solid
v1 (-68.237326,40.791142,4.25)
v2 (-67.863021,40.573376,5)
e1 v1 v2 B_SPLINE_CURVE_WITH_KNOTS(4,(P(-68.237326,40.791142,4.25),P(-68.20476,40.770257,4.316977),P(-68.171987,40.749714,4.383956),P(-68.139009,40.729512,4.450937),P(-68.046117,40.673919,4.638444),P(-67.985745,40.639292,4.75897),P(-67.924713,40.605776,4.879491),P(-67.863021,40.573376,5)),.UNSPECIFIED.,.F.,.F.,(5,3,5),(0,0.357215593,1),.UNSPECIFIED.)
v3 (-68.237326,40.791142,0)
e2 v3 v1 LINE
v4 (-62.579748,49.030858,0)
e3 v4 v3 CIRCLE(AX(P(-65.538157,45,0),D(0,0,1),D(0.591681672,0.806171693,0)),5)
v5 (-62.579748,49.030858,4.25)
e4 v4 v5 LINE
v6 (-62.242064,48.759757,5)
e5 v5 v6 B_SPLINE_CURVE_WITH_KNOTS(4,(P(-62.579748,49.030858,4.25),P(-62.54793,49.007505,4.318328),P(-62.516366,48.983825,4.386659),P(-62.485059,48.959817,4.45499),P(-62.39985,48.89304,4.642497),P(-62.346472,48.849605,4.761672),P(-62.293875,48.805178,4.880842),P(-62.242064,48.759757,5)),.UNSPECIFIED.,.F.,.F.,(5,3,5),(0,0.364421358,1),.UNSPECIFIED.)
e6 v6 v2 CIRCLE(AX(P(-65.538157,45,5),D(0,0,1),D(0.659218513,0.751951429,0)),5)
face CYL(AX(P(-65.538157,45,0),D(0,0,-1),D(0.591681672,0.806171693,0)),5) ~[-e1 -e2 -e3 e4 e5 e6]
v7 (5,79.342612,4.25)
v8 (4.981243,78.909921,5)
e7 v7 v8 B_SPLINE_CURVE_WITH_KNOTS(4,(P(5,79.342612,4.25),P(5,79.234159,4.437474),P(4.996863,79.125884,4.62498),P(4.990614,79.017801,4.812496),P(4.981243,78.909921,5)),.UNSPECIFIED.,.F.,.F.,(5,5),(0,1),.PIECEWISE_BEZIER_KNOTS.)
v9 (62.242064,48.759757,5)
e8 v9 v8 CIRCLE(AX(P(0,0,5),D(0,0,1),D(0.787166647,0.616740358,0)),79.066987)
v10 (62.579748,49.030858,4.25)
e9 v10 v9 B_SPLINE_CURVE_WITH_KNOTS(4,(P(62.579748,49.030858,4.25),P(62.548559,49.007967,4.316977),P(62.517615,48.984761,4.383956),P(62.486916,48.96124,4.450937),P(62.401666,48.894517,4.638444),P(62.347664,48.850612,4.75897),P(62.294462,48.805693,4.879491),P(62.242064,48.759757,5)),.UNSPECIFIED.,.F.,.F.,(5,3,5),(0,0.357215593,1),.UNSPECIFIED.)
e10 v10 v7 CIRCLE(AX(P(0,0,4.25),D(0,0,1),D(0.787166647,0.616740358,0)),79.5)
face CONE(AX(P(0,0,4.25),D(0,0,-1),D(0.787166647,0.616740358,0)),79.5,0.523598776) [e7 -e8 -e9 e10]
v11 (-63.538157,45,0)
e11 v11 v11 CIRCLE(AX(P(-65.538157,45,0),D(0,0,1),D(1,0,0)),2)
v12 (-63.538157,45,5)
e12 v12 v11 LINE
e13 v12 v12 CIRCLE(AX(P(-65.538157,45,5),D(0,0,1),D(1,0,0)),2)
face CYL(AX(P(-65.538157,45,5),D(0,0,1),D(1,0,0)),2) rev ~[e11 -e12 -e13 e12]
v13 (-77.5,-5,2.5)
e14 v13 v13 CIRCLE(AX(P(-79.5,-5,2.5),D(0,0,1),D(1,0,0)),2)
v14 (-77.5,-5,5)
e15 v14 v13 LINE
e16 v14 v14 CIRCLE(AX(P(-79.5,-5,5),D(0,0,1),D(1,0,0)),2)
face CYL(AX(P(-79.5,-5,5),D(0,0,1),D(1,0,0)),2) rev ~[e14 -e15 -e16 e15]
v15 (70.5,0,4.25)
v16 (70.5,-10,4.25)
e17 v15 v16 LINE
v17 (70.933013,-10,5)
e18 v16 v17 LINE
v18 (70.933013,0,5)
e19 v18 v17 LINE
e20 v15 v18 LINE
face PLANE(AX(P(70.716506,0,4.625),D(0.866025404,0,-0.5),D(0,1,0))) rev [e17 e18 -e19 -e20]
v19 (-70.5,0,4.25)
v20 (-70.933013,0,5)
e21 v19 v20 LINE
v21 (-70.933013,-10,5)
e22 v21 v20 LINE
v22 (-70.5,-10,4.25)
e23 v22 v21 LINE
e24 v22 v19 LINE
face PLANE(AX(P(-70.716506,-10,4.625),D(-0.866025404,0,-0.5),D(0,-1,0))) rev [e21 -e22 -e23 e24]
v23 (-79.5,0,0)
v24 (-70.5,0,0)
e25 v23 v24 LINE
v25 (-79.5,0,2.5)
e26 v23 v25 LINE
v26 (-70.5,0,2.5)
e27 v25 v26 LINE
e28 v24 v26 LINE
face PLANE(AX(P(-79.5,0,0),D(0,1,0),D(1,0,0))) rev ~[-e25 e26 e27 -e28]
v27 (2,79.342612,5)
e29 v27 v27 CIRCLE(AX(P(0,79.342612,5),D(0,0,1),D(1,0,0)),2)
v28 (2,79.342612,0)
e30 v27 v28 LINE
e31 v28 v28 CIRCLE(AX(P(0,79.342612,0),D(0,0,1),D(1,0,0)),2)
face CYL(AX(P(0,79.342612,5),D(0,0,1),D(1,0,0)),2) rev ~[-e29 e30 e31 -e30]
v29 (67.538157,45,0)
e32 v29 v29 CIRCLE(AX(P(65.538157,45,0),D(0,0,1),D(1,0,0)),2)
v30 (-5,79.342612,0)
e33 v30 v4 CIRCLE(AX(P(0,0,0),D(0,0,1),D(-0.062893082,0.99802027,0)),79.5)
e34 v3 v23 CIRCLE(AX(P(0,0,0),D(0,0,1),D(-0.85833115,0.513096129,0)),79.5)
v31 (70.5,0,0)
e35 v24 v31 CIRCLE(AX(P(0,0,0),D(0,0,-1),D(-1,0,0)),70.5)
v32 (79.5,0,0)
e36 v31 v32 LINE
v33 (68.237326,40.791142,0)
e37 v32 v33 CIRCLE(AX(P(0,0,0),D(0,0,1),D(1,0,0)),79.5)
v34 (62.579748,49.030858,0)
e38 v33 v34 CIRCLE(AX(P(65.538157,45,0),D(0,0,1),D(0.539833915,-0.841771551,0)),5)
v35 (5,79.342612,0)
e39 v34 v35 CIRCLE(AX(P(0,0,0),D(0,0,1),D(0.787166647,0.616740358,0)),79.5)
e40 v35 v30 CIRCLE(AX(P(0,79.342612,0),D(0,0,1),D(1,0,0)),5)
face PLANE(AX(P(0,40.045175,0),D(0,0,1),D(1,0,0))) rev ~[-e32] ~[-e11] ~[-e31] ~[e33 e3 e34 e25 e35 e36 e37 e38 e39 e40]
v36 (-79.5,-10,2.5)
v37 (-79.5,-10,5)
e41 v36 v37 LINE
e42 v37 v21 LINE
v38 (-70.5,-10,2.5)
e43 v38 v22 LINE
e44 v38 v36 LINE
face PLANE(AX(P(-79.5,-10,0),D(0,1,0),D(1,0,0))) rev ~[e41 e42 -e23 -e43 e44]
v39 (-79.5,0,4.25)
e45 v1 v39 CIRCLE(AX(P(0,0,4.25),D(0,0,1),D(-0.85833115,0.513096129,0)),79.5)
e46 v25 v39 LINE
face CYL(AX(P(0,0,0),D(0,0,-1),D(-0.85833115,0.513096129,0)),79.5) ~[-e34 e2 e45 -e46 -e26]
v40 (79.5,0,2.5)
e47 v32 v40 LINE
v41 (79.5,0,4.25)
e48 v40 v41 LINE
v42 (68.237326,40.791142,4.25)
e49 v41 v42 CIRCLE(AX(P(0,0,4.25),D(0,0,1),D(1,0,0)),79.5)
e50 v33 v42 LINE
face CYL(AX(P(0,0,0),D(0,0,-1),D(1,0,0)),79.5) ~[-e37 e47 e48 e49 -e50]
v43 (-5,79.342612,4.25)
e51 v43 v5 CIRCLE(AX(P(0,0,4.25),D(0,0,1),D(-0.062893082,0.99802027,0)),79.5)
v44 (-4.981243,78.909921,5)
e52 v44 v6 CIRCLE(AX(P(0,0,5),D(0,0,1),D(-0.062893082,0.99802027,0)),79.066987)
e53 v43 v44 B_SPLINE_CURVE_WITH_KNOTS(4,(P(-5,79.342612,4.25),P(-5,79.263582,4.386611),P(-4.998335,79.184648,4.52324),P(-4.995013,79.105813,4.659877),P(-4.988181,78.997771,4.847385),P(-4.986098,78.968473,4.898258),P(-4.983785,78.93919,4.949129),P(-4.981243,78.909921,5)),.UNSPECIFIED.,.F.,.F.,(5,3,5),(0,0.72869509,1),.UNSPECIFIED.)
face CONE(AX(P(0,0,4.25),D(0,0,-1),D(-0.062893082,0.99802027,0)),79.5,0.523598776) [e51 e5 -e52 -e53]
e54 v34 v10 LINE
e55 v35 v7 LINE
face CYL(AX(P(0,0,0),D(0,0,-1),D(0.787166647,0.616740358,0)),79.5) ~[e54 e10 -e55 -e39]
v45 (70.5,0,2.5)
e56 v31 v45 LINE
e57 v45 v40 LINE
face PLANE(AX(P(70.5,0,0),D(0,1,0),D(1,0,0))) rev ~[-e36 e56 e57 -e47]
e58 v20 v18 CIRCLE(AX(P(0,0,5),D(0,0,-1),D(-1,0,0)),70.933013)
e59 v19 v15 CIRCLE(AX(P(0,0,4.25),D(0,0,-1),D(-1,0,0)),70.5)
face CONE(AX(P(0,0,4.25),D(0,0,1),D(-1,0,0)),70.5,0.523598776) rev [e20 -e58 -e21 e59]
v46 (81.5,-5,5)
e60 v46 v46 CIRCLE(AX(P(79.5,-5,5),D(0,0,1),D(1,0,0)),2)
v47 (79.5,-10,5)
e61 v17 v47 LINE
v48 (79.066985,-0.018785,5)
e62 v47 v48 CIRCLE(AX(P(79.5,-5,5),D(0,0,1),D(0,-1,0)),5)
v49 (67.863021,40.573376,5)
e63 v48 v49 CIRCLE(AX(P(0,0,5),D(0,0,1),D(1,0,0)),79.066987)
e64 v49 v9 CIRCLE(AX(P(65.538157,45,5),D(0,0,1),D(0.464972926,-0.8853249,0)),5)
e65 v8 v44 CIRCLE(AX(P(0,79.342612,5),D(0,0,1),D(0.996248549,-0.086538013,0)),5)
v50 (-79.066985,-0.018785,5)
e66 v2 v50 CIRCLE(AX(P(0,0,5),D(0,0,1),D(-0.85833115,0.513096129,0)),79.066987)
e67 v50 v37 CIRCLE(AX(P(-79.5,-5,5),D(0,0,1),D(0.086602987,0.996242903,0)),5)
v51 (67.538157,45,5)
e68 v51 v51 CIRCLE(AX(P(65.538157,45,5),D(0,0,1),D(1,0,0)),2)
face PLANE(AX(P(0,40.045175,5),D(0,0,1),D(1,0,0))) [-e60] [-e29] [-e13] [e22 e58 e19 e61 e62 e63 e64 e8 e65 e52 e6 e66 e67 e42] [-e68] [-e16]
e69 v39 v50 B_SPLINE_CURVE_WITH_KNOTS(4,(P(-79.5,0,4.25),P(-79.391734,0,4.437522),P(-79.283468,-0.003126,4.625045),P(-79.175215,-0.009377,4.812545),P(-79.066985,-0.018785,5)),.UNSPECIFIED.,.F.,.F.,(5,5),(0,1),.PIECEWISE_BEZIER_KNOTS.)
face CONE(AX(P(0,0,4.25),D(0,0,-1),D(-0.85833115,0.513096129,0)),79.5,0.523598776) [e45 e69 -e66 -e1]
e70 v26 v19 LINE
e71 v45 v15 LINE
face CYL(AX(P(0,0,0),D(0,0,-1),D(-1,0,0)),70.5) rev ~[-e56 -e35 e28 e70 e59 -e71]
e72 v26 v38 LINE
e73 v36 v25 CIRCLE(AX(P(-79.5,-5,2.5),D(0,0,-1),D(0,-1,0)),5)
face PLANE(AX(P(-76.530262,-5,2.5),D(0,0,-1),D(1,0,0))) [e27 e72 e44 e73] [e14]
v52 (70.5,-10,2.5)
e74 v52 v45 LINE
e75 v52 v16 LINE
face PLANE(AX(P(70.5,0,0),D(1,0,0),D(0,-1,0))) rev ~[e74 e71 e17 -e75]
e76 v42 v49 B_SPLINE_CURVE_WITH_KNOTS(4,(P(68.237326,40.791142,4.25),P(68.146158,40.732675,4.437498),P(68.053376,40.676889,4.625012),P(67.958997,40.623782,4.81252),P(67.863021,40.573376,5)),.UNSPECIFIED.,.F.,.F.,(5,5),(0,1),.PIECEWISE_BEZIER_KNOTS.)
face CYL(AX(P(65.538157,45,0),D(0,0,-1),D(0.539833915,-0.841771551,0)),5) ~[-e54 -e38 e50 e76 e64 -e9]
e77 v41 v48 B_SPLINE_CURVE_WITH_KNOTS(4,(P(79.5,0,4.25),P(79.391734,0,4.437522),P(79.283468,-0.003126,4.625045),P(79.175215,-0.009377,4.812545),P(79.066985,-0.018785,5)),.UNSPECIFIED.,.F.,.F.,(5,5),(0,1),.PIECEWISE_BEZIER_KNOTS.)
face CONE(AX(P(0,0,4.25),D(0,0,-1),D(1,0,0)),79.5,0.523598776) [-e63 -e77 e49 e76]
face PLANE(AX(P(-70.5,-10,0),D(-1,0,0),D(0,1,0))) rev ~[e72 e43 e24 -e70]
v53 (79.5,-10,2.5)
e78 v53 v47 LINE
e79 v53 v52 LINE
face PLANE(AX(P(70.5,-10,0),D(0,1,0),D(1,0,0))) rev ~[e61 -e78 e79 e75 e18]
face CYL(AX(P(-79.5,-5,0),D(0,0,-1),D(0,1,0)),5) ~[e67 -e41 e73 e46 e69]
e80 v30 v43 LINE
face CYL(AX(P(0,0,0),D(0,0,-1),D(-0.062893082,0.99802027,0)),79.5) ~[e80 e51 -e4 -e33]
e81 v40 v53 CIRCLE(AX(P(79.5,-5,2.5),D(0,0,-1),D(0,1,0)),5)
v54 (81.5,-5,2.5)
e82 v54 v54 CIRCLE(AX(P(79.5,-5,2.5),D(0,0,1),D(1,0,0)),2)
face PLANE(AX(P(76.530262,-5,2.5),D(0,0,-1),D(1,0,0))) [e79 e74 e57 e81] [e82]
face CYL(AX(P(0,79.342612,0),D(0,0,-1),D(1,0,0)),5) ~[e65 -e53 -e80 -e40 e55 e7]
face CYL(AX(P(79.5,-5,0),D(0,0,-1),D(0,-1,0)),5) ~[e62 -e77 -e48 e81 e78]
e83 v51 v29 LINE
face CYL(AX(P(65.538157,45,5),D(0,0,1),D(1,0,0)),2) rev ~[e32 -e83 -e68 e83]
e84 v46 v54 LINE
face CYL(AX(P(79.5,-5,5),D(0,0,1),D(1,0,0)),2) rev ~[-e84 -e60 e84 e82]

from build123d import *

# Parameters (mm, degrees)
F1_DEPTH   = 5
F2_R       = 2
F3_DEPTH   = 25
F4_SIZE2   = 0.4330127019
F4_SIZE    = 0.75
F4_2_SIZE2 = 0.4330127019
F4_2_SIZE  = 0.75
F4_3_SIZE2 = 0.4330127019
F4_3_SIZE  = 0.75
F4_4_SIZE2 = 0.4330127019
F4_4_SIZE  = 0.75
F4_5_SIZE2 = 0.4330127019
F4_5_SIZE  = 0.75
F6_DEPTH   = 2.5


with BuildPart() as f1:
    # F0 (on Top) → F1 (new body)
    with BuildSketch(Plane.XY):
        with BuildLine():
            Line((79.5, -10), (79.5, 0))
            ThreePointArc((79.5, 0), (76.6326218032, 21.1587163024), (68.2373264008, 40.7911422452))
            ThreePointArc((68.2373264008, 40.7911422452), (65.5381568249, 45), (62.5797484655, 49.0308584668))
            ThreePointArc((62.5797484655, 49.0308584668), (37.0331769321, 70.3476638298), (5, 79.3426115023))
            ThreePointArc((5, 79.3426115023), (0, 79.5), (-5, 79.3426115023))
            ThreePointArc((-5, 79.3426115023), (-37.0331769321, 70.3476638298), (-62.5797484655, 49.0308584668))
            ThreePointArc((-62.5797484655, 49.0308584668), (-65.5381568249, 45), (-68.2373264008, 40.7911422452))
            ThreePointArc((-68.2373264008, 40.7911422452), (-76.6326218032, 21.1587163024), (-79.5, 0))
            Line((-79.5, 0), (-79.5, -10))
            Line((-79.5, -10), (-70.5, -10))
            Line((-70.5, -10), (-70.5, 0))
            ThreePointArc((-70.5, 0), (0, 70.5), (70.5, 0))
            Line((70.5, 0), (70.5, -10))
            Line((70.5, -10), (79.5, -10))
        make_face()
        with BuildLine():
            ThreePointArc((79.5, -10), (84.5, -5), (79.5, 0))
            Line((79.5, 0), (79.5, -10))
        make_face()
        with BuildLine():
            ThreePointArc((62.5797484655, 49.0308584668), (65.5381568249, 45), (68.2373264008, 40.7911422452))
            ThreePointArc((68.2373264008, 40.7911422452), (69.6600534805, 47.8301886792), (62.5797484655, 49.0308584668))
        make_face()
        with BuildLine():
            ThreePointArc((-5, 79.3426115023), (0, 79.5), (5, 79.3426115023))
            ThreePointArc((5, 79.3426115023), (0, 84.3426115023), (-5, 79.3426115023))
        make_face()
        with BuildLine():
            ThreePointArc((-68.2373264008, 40.7911422452), (-65.5381568249, 45), (-62.5797484655, 49.0308584668))
            ThreePointArc((-62.5797484655, 49.0308584668), (-69.6600534805, 47.8301886792), (-68.2373264008, 40.7911422452))
        make_face()
        with BuildLine():
            ThreePointArc((-79.5, 0), (-84.5, -5), (-79.5, -10))
            Line((-79.5, -10), (-79.5, 0))
        make_face()
    extrude(amount=F1_DEPTH)

    # F2 (on face) → F3 (cut)
    with BuildSketch(Plane.XY.offset(5)):
        with Locations((0, 79.3426115023)):
            Circle(F2_R)
        with Locations((-65.5381568249, 45)):
            Circle(F2_R)
        with Locations((65.5381568249, 45)):
            Circle(F2_R)
        with Locations((-79.5, -5)):
            Circle(F2_R)
        with Locations((79.5, -5)):
            Circle(F2_R)
    extrude(amount=-F3_DEPTH, mode=Mode.SUBTRACT)

    # F4
    f4_edges = [f1.edges().sort_by_distance(p)[0] for p in [
        (0, 70.5, 5),
    ]]
    f4_side = f1.faces().sort_by_distance((0, 70.5, 2.5))[0]
    chamfer(f4_edges, length=F4_SIZE, length2=F4_SIZE2, reference=f4_side)

    # F4#2
    f4_2_edges = [f1.edges().sort_by_distance(p)[0] for p in [
        (-37.033177, 70.347664, 5),
    ]]
    f4_2_side = f1.faces().sort_by_distance((-37.033177, 70.347664, 2.5))[0]
    chamfer(f4_2_edges, length=F4_2_SIZE, length2=F4_2_SIZE2, reference=f4_2_side)

    # F4#3
    f4_3_edges = [f1.edges().sort_by_distance(p)[0] for p in [
        (37.033177, 70.347664, 5),
    ]]
    f4_3_side = f1.faces().sort_by_distance((37.033177, 70.347664, 2.5))[0]
    chamfer(f4_3_edges, length=F4_3_SIZE, length2=F4_3_SIZE2, reference=f4_3_side)

    # F4#4
    f4_4_edges = [f1.edges().sort_by_distance(p)[0] for p in [
        (76.632622, 21.158716, 5),
    ]]
    f4_4_side = f1.faces().sort_by_distance((76.632622, 21.158716, 2.5))[0]
    chamfer(f4_4_edges, length=F4_4_SIZE, length2=F4_4_SIZE2, reference=f4_4_side)

    # F4#5
    f4_5_edges = [f1.edges().sort_by_distance(p)[0] for p in [
        (-76.632622, 21.158716, 5),
    ]]
    f4_5_side = f1.faces().sort_by_distance((-76.632622, 21.158716, 2.5))[0]
    chamfer(f4_5_edges, length=F4_5_SIZE, length2=F4_5_SIZE2, reference=f4_5_side)

    # F5 (on face) → F6 (cut)
    with BuildSketch(Plane(origin=(0, 0, 0), x_dir=(1, 0, 0), z_dir=(0, 0, -1))):
        with BuildLine():
            ThreePointArc((-79.5, 10), (-84.5, 5), (-79.5, 0))
            Line((-79.5, 0), (-70.5, 0))
            Line((-70.5, 0), (-70.5, 10))
            Line((-70.5, 10), (-79.5, 10))
        make_face()
        with BuildLine():
            Line((70.5, 0), (79.5, 0))
            ThreePointArc((79.5, 0), (84.5, 5), (79.5, 10))
            Line((79.5, 10), (70.5, 10))
            Line((70.5, 10), (70.5, 0))
        make_face()
    extrude(amount=-F6_DEPTH, mode=Mode.SUBTRACT)


solid = f1.part
